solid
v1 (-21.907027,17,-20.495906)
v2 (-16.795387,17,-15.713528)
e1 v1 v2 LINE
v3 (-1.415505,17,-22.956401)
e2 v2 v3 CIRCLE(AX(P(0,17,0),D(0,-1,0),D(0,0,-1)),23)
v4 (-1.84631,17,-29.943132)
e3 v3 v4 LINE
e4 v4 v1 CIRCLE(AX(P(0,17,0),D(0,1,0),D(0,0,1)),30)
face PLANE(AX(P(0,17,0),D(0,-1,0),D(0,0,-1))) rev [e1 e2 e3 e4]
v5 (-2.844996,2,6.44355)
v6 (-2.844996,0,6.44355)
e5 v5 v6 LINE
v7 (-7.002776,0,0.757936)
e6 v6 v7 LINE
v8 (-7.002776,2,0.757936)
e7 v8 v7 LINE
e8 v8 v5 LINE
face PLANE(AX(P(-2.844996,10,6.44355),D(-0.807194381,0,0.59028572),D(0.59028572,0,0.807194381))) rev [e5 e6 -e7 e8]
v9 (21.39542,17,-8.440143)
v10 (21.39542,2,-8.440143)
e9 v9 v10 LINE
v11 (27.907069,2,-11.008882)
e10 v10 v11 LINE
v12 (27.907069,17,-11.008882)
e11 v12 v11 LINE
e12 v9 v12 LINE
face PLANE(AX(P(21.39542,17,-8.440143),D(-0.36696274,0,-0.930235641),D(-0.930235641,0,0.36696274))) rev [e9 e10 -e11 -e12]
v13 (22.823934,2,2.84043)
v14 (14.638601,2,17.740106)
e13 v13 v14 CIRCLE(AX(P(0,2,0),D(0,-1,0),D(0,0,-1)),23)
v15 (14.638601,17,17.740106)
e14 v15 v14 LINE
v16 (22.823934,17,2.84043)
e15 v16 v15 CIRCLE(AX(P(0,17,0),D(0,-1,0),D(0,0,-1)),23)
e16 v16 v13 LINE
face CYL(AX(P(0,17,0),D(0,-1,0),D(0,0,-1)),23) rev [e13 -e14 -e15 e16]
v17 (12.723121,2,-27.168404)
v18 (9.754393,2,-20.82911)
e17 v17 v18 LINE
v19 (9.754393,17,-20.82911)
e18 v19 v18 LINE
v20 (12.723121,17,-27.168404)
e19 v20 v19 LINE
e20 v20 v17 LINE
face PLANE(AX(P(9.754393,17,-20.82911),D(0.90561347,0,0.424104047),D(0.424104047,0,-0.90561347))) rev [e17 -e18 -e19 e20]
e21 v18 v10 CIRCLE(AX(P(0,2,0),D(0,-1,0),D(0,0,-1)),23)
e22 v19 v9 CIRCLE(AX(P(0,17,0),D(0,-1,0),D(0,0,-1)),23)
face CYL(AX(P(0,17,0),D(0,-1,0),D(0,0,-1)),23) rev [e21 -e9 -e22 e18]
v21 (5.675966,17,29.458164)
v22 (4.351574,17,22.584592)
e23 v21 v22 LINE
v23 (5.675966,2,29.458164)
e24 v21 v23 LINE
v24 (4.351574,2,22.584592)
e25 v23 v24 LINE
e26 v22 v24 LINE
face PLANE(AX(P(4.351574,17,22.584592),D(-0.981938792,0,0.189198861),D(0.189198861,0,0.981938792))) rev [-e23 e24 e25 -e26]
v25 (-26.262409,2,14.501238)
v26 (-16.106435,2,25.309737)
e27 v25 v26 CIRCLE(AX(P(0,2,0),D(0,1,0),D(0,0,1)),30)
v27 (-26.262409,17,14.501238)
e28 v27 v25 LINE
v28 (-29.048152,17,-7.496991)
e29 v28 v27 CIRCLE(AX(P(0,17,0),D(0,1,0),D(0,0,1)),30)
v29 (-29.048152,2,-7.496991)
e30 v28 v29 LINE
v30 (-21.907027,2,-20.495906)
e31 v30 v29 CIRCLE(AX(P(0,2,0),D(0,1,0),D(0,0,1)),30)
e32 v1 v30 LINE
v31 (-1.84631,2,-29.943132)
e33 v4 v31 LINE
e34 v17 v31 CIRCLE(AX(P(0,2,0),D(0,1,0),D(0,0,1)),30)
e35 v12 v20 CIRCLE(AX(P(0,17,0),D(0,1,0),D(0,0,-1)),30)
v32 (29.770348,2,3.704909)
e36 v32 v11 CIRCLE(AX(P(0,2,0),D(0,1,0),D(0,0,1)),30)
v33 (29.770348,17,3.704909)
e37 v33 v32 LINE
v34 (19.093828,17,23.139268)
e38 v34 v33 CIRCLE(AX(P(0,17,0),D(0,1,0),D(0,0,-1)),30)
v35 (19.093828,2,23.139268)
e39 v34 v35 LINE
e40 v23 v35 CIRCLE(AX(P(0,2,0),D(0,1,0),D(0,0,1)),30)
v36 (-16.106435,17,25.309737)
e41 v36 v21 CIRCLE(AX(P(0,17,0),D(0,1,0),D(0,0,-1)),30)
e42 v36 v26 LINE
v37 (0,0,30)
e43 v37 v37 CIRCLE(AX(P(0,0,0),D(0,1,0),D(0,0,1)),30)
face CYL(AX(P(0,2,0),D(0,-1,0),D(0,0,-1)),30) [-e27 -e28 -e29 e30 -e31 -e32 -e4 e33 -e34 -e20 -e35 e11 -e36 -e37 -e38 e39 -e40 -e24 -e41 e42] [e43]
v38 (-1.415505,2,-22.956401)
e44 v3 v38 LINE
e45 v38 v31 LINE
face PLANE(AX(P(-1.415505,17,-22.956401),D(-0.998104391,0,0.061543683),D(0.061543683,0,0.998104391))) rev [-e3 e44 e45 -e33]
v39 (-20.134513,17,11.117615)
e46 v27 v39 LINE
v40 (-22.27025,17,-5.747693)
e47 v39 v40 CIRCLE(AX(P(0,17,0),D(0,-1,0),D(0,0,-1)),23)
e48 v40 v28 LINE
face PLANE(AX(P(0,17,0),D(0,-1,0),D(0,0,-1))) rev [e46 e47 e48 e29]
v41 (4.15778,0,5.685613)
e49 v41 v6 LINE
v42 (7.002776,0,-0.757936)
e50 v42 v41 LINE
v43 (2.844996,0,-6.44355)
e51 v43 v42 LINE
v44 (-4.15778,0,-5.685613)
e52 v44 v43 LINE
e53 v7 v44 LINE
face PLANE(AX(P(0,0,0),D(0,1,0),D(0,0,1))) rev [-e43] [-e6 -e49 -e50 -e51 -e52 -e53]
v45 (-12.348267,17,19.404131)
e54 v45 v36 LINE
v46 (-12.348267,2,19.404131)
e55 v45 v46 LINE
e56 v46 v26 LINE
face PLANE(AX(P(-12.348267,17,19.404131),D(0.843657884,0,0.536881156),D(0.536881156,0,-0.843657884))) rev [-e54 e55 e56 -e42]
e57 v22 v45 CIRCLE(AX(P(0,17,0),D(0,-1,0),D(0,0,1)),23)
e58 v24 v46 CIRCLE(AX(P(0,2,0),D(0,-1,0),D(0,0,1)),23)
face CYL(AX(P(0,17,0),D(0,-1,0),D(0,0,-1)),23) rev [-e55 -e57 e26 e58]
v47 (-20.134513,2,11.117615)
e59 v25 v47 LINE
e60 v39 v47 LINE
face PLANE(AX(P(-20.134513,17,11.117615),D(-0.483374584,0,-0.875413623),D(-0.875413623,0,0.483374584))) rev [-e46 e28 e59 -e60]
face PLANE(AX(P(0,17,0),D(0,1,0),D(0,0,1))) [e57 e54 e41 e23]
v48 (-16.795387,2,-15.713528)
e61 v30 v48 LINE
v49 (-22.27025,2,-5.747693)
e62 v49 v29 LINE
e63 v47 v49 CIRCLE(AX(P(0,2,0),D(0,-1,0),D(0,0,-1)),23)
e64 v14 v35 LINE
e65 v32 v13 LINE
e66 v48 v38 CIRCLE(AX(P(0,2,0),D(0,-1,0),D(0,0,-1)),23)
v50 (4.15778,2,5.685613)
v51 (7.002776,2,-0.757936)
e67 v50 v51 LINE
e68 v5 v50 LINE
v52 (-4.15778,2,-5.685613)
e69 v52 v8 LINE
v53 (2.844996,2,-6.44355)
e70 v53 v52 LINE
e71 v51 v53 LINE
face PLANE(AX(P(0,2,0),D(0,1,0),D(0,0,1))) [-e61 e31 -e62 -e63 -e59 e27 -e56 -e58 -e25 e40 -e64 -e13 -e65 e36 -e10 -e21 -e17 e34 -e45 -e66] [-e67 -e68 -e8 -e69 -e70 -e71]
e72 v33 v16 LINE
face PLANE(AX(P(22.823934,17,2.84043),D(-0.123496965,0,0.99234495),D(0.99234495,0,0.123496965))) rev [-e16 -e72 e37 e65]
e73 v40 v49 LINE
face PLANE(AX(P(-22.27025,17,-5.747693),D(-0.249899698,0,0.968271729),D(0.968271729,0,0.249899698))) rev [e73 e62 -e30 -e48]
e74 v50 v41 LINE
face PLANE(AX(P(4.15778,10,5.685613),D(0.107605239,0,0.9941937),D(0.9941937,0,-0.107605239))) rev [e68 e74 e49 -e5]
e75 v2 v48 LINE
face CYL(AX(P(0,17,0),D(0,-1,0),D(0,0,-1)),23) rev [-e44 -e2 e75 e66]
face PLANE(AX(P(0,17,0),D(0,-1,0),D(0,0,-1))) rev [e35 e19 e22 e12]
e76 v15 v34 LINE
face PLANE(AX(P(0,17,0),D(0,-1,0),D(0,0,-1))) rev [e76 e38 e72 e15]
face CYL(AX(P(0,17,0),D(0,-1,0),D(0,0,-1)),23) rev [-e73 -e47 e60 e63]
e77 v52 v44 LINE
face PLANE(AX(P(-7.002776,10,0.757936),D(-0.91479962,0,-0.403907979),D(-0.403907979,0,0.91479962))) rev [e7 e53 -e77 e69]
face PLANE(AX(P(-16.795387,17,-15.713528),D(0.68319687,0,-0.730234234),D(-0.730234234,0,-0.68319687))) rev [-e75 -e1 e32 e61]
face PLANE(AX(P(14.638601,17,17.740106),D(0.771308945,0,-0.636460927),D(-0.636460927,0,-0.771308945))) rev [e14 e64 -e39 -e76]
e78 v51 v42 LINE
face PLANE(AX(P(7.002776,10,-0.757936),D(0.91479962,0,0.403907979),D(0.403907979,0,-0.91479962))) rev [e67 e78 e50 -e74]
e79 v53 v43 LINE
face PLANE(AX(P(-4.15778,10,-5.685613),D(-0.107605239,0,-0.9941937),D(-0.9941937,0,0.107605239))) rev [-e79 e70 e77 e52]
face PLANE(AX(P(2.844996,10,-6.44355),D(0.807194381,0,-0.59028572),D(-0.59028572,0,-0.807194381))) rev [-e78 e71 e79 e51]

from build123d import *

# Parameters (mm, degrees)
SKETCH3_R           = 30
BOSS_EXTRUDE3_DEPTH = 2
BOSS_EXTRUDE4_DEPTH = 15
CUT_EXTRUDE1_DEPTH  = 10


with BuildPart() as part:
    # Sketch3 → Boss-Extrude3 (new body)
    with BuildSketch(Plane(origin=(0, 0, 0), x_dir=(1, 0, 0), z_dir=(0, 1, 0))):
        with Locations(Location((0, 0, 0), (0, 0, 270))):
            Circle(SKETCH3_R)
    extrude(amount=BOSS_EXTRUDE3_DEPTH)

    # Sketch4 → Boss-Extrude4 (add)
    with BuildSketch(Plane(origin=(0, 2, 0), x_dir=(1, 0, 0), z_dir=(0, 1, 0))):
        with BuildLine():
            Line((14.638601317, -17.740105735), (19.093827805, -23.13926835))
            ThreePointArc((19.093827805, -23.13926835), (26.293545079, -14.444704468), (29.770348498, -3.704908943))
            Line((29.770348498, -3.704908943), (22.823933849, -2.84043019))
            ThreePointArc((22.823933849, -2.84043019), (20.158384561, -11.074273425), (14.638601317, -17.740105735))
        make_face()
        with BuildLine():
            Line((21.39541974, 8.440143018), (27.907069226, 11.008882197))
            ThreePointArc((27.907069226, 11.008882197), (21.862882582, 20.542988225), (12.723121407, 27.168404106))
            Line((12.723121407, 27.168404106), (9.754393079, 20.829109814))
            ThreePointArc((9.754393079, 20.829109814), (16.761543313, 15.749624306), (21.39541974, 8.440143018))
        make_face()
        with BuildLine():
            Line((-1.415504714, 22.95640099), (-1.846310497, 29.943131726))
            ThreePointArc((-1.846310497, 29.943131726), (-12.781540551, 27.140969421), (-21.907027026, 20.495906101))
            Line((-21.907027026, 20.495906101), (-16.795387386, 15.713528011))
            ThreePointArc((-16.795387386, 15.713528011), (-9.799181089, 20.808076556), (-1.415504714, 22.95640099))
        make_face()
        with BuildLine():
            Line((-22.270249764, 5.747693053), (-29.048151867, 7.496990939))
            ThreePointArc((-29.048151867, 7.496990939), (-29.762309071, -3.768946635), (-26.262408702, -14.501237505))
            Line((-26.262408702, -14.501237505), (-20.134513338, -11.117615421))
            ThreePointArc((-20.134513338, -11.117615421), (-22.817770288, -2.889525753), (-22.270249764, 5.747693053))
        make_face()
        with BuildLine():
            Line((-12.348266578, -19.404131326), (-16.106434667, -25.309736512))
            ThreePointArc((-16.106434667, -25.309736512), (-5.612578038, -29.470306543), (5.675965822, -29.458163758))
            Line((5.675965822, -29.458163758), (4.351573797, -22.584592214))
            ThreePointArc((4.351573797, -22.584592214), (-4.302976496, -22.593901683), (-12.348266578, -19.404131326))
        make_face()
    extrude(amount=BOSS_EXTRUDE4_DEPTH)

    # Sketch5 → Cut-Extrude1 (cut)
    with BuildSketch(Plane.XZ):
        Polygon((7.002775602, -0.757936148), (4.157779759, 5.685613494), (-2.844995843, 6.443549642), (-7.002775602, 0.757936148), (-4.157779759, -5.685613494), (2.844995843, -6.443549642), align=None)
    extrude(amount=-CUT_EXTRUDE1_DEPTH, mode=Mode.SUBTRACT)


solid = part.part
